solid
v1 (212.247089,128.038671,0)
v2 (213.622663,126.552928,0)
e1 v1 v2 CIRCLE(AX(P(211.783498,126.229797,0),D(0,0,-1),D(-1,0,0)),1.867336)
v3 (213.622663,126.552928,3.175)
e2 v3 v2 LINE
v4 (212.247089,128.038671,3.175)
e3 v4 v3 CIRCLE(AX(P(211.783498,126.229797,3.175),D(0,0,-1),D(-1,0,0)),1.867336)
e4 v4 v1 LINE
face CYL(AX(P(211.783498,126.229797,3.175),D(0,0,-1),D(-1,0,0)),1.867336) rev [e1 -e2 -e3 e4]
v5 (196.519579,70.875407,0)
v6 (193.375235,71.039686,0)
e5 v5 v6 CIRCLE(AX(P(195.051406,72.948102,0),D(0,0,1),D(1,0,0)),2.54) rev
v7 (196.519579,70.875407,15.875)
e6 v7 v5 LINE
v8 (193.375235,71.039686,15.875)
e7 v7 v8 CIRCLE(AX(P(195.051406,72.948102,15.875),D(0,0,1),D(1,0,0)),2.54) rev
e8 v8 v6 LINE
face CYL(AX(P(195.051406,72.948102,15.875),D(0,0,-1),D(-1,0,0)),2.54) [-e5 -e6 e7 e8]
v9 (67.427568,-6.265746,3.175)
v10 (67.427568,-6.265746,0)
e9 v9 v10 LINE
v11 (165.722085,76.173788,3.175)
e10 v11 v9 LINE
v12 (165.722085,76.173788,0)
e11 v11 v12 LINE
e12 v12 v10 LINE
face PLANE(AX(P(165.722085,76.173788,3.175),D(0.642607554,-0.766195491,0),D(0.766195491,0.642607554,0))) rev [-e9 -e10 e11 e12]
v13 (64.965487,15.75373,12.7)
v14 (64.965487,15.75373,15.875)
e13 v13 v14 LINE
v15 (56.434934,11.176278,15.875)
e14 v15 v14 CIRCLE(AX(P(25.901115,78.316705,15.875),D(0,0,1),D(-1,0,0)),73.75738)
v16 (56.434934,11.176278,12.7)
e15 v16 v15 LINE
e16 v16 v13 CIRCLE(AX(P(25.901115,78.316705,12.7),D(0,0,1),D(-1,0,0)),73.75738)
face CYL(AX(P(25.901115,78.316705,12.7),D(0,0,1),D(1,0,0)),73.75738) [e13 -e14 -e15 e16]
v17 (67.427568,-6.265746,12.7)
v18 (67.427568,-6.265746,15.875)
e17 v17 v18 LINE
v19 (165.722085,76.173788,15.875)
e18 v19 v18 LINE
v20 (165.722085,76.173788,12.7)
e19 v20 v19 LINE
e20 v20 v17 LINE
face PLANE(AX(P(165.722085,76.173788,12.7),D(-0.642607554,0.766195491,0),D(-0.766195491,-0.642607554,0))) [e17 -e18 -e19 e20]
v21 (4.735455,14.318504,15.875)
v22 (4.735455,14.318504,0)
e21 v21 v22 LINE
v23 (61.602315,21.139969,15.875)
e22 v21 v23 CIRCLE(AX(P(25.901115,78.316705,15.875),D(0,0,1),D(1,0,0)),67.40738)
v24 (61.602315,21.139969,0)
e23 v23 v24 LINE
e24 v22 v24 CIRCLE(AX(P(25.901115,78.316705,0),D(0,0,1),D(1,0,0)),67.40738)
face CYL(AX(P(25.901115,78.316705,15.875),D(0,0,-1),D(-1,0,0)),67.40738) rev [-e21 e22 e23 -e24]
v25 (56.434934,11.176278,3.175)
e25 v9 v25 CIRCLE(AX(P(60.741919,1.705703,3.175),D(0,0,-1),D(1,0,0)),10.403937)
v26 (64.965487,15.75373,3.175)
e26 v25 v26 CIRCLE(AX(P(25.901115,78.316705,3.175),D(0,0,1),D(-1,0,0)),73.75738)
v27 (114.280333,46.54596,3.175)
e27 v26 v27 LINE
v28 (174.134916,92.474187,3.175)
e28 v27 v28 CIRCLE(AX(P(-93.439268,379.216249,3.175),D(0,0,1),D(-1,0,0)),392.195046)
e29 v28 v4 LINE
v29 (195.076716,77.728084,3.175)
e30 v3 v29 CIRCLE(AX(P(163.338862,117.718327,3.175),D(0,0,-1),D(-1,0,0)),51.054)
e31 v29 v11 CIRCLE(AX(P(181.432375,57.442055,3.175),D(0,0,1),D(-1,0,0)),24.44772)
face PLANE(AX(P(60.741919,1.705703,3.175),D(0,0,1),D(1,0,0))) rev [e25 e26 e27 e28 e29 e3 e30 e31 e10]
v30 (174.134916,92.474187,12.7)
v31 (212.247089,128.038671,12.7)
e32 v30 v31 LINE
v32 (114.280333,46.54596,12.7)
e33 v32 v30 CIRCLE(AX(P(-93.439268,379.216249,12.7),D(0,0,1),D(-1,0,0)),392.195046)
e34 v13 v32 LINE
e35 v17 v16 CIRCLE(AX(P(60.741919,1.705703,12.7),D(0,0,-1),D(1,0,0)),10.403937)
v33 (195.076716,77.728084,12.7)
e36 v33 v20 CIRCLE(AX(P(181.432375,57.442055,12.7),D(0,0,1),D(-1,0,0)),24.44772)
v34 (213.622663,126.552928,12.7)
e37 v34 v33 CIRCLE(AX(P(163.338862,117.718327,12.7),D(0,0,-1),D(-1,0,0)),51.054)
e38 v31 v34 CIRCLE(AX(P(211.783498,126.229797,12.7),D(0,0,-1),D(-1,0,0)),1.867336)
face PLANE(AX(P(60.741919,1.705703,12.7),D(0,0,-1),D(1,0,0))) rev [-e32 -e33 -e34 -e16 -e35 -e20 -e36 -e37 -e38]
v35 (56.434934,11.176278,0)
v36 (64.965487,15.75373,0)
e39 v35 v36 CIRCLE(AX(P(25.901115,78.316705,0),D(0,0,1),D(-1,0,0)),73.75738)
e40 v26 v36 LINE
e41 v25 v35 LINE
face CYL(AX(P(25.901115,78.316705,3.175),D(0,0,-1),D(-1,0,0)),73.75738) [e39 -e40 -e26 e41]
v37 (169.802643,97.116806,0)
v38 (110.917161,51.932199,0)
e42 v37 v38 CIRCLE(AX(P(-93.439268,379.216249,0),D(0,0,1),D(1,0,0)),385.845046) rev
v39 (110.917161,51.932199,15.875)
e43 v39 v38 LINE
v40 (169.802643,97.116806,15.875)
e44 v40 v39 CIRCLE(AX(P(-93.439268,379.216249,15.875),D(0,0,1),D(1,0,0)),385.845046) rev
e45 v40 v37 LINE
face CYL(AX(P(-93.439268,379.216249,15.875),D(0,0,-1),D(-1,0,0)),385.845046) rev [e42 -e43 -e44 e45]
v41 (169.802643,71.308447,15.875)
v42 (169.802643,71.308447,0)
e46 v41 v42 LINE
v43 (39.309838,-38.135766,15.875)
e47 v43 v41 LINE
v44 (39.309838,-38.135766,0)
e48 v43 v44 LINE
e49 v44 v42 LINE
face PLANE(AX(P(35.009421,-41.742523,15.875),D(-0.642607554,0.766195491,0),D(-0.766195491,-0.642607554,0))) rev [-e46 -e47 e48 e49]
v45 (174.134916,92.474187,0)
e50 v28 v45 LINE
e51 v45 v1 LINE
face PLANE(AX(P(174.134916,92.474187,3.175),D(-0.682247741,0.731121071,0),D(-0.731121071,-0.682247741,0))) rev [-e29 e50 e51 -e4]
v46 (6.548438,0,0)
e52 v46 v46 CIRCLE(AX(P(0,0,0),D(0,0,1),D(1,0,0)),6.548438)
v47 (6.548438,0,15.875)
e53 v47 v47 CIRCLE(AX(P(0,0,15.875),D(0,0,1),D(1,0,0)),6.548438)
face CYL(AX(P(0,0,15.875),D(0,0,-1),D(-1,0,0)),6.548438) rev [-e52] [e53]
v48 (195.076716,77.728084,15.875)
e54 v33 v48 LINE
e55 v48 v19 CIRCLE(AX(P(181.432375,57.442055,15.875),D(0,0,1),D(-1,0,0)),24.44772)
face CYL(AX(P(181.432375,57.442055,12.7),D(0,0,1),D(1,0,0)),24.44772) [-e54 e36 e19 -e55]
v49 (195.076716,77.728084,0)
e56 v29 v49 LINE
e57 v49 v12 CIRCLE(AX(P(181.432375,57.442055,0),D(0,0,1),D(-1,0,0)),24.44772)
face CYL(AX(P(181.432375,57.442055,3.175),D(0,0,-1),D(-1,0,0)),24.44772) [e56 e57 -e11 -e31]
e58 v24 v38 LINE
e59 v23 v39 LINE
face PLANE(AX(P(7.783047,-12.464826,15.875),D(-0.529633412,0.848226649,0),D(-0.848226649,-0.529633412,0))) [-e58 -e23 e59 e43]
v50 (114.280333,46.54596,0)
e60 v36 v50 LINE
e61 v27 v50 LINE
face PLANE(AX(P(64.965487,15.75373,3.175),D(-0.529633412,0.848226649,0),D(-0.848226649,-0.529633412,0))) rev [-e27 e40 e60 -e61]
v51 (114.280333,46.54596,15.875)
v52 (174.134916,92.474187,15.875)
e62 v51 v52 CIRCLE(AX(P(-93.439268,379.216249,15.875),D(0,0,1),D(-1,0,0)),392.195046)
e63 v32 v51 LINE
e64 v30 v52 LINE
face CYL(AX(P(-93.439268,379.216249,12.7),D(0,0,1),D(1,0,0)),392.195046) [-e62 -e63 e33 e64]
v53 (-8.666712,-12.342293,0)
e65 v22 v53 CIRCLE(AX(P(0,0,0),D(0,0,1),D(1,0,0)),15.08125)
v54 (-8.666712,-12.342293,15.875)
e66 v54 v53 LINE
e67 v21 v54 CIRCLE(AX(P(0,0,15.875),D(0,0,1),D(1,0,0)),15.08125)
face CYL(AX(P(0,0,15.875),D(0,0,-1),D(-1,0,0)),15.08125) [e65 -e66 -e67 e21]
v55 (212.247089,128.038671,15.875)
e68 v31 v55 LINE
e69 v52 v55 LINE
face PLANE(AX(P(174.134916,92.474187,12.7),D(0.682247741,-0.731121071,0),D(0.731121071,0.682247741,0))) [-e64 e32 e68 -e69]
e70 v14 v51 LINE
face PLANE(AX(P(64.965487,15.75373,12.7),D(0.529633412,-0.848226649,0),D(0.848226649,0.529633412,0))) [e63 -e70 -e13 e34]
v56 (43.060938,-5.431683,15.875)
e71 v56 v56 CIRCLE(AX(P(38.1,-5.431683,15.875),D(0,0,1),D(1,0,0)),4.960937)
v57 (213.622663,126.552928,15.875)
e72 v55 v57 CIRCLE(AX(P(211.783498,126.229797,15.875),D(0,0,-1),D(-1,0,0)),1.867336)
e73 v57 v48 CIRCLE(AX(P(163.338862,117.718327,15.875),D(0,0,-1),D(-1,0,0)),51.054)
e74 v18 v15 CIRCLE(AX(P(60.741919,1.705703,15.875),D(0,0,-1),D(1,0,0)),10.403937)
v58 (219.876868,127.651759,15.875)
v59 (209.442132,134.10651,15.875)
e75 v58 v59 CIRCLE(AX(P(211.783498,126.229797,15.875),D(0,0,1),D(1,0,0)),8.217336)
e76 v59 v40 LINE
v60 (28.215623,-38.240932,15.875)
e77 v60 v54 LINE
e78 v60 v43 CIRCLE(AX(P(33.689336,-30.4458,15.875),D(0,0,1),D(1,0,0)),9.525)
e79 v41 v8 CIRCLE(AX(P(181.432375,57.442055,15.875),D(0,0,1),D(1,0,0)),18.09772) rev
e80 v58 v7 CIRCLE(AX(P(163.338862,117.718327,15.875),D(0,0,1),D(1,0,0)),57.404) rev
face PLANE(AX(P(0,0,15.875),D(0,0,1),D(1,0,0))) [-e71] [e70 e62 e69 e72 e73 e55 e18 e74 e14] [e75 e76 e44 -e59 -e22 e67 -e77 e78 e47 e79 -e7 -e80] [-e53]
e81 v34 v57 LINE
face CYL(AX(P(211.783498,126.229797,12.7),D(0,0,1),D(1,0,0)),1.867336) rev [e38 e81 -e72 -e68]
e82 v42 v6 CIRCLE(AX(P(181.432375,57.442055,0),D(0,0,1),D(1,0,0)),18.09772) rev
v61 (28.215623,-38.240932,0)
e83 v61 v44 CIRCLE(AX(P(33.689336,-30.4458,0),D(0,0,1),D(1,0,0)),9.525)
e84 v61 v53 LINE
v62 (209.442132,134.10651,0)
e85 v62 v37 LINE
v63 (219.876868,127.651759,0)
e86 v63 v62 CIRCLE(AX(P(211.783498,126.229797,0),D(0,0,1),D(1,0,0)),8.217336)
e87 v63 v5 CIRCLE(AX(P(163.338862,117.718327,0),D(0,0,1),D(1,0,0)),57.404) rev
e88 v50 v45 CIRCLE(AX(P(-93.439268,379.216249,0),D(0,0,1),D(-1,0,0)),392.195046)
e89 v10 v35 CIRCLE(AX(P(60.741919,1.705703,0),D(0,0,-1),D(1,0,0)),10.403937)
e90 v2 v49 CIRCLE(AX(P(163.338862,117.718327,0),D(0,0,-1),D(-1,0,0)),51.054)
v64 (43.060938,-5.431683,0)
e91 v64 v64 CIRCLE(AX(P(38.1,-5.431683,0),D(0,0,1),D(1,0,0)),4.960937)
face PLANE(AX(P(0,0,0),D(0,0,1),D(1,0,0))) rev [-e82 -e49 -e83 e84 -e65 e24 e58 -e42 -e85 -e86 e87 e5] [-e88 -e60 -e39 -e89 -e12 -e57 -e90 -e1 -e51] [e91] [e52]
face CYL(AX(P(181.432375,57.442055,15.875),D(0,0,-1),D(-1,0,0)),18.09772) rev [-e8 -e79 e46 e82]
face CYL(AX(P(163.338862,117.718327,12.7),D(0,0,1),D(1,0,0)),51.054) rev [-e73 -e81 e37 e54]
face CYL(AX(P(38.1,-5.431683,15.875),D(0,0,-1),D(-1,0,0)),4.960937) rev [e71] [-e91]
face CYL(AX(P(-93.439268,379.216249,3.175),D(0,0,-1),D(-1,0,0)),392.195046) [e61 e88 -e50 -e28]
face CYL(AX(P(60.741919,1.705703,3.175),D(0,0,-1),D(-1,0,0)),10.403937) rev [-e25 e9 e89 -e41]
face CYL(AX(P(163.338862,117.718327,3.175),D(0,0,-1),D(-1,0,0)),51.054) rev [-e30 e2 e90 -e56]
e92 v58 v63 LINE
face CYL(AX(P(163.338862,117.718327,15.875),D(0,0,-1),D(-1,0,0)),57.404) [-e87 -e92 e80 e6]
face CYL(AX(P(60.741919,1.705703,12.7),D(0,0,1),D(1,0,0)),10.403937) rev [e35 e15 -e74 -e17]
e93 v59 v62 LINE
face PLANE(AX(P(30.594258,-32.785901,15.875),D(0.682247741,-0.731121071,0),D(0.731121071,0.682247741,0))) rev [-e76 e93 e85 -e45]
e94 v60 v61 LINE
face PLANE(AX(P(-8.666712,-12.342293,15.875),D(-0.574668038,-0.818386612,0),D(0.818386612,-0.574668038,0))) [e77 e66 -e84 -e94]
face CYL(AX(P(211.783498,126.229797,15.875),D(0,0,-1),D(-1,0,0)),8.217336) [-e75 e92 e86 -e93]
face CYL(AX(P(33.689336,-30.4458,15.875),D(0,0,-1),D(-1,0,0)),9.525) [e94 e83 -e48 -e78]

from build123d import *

# Parameters (mm, degrees)
SKETCH1_R           = 6.5484375
SKETCH1_R_2         = 4.9609375
BOSS_EXTRUDE1_DEPTH = 15.875
CUT_EXTRUDE1_DEPTH  = 3.175


with BuildPart() as part:
    # Sketch1 → Boss-Extrude1 (new body)
    with BuildSketch(Plane.XY):
        with BuildLine():
            Line((39.309837535, -38.13576648), (169.802643178, 71.308446723))
            ThreePointArc((169.802643178, 71.308446723), (181.638701023, 75.538599133), (193.375235205, 71.039685917))
            ThreePointArc((193.375235205, 71.039685917), (194.91888163, 70.411561678), (196.519579076, 70.875406513))
            ThreePointArc((196.519579076, 70.875406513), (216.426062494, 95.878722868), (219.876867623, 127.651759468))
            ThreePointArc((219.876867623, 127.651759468), (216.10638338, 133.218163447), (209.442132072, 134.106509769))
            Line((209.442132072, 134.106509769), (169.802643178, 97.116806131))
            ThreePointArc((169.802643178, 97.116806131), (141.448926781, 73.105263596), (110.917160699, 51.932198905))
            Line((110.917160699, 51.932198905), (61.60231529, 21.139969158))
            ThreePointArc((61.60231529, 21.139969158), (33.929413541, 11.389122801), (4.735454932, 14.318504397))
            ThreePointArc((4.735454932, 14.318504397), (-13.47453995, 6.773542256), (-8.666712343, -12.34229309))
            Line((-8.666712343, -12.34229309), (28.215623228, -38.240932071))
            ThreePointArc((28.215623228, -38.240932071), (33.77962274, -39.970371676), (39.309837535, -38.13576648))
        make_face()
        Circle(SKETCH1_R, mode=Mode.SUBTRACT)
        with Locations((38.1, -5.431682667)):
            Circle(SKETCH1_R_2, mode=Mode.SUBTRACT)
    extrude(amount=BOSS_EXTRUDE1_DEPTH)

    # Sketch2 → Cut-Extrude1 (cut)
    with BuildSketch(Plane(origin=(0, 0, 0), x_dir=(-1, 0, 0), z_dir=(0, 0, -1))):
        with BuildLine():
            Line((-174.134916332, 92.474187331), (-212.247088608, 128.038671053))
            ThreePointArc((-212.247088608, 128.038671053), (-213.153727633, 127.498423524), (-213.622663407, 126.552928441))
            ThreePointArc((-213.622663407, 126.552928441), (-211.065734224, 99.589440169), (-195.076715953, 77.728084278))
            ThreePointArc((-195.076715953, 77.728084278), (-180.13970514, 81.855576515), (-165.722085208, 76.173788093))
            Line((-165.722085208, 76.173788093), (-67.427567629, -6.265746298))
            ThreePointArc((-67.427567629, -6.265746298), (-58.337399342, -8.416558755), (-51.185588969, -2.40750208))
            ThreePointArc((-51.185588969, -2.40750208), (-51.037402279, 5.455937622), (-56.434934077, 11.176277972))
            ThreePointArc((-56.434934077, 11.176277972), (-60.775393958, 13.324892332), (-64.965487459, 15.753729935))
            Line((-64.965487459, 15.753729935), (-114.280332868, 46.545959683))
            ThreePointArc((-114.280332868, 46.545959683), (-145.314571941, 68.067477625), (-174.134916332, 92.474187331))
        make_face()
    cut_extrude1 = extrude(amount=-CUT_EXTRUDE1_DEPTH, mode=Mode.SUBTRACT)

    # Mirror1: Cut-Extrude1 across plane
    add(cut_extrude1.mirror(Plane(origin=(0, 0, 7.9375), x_dir=(1, 0, 0), z_dir=(0, 0, -1))), mode=Mode.SUBTRACT)


solid = part.part
